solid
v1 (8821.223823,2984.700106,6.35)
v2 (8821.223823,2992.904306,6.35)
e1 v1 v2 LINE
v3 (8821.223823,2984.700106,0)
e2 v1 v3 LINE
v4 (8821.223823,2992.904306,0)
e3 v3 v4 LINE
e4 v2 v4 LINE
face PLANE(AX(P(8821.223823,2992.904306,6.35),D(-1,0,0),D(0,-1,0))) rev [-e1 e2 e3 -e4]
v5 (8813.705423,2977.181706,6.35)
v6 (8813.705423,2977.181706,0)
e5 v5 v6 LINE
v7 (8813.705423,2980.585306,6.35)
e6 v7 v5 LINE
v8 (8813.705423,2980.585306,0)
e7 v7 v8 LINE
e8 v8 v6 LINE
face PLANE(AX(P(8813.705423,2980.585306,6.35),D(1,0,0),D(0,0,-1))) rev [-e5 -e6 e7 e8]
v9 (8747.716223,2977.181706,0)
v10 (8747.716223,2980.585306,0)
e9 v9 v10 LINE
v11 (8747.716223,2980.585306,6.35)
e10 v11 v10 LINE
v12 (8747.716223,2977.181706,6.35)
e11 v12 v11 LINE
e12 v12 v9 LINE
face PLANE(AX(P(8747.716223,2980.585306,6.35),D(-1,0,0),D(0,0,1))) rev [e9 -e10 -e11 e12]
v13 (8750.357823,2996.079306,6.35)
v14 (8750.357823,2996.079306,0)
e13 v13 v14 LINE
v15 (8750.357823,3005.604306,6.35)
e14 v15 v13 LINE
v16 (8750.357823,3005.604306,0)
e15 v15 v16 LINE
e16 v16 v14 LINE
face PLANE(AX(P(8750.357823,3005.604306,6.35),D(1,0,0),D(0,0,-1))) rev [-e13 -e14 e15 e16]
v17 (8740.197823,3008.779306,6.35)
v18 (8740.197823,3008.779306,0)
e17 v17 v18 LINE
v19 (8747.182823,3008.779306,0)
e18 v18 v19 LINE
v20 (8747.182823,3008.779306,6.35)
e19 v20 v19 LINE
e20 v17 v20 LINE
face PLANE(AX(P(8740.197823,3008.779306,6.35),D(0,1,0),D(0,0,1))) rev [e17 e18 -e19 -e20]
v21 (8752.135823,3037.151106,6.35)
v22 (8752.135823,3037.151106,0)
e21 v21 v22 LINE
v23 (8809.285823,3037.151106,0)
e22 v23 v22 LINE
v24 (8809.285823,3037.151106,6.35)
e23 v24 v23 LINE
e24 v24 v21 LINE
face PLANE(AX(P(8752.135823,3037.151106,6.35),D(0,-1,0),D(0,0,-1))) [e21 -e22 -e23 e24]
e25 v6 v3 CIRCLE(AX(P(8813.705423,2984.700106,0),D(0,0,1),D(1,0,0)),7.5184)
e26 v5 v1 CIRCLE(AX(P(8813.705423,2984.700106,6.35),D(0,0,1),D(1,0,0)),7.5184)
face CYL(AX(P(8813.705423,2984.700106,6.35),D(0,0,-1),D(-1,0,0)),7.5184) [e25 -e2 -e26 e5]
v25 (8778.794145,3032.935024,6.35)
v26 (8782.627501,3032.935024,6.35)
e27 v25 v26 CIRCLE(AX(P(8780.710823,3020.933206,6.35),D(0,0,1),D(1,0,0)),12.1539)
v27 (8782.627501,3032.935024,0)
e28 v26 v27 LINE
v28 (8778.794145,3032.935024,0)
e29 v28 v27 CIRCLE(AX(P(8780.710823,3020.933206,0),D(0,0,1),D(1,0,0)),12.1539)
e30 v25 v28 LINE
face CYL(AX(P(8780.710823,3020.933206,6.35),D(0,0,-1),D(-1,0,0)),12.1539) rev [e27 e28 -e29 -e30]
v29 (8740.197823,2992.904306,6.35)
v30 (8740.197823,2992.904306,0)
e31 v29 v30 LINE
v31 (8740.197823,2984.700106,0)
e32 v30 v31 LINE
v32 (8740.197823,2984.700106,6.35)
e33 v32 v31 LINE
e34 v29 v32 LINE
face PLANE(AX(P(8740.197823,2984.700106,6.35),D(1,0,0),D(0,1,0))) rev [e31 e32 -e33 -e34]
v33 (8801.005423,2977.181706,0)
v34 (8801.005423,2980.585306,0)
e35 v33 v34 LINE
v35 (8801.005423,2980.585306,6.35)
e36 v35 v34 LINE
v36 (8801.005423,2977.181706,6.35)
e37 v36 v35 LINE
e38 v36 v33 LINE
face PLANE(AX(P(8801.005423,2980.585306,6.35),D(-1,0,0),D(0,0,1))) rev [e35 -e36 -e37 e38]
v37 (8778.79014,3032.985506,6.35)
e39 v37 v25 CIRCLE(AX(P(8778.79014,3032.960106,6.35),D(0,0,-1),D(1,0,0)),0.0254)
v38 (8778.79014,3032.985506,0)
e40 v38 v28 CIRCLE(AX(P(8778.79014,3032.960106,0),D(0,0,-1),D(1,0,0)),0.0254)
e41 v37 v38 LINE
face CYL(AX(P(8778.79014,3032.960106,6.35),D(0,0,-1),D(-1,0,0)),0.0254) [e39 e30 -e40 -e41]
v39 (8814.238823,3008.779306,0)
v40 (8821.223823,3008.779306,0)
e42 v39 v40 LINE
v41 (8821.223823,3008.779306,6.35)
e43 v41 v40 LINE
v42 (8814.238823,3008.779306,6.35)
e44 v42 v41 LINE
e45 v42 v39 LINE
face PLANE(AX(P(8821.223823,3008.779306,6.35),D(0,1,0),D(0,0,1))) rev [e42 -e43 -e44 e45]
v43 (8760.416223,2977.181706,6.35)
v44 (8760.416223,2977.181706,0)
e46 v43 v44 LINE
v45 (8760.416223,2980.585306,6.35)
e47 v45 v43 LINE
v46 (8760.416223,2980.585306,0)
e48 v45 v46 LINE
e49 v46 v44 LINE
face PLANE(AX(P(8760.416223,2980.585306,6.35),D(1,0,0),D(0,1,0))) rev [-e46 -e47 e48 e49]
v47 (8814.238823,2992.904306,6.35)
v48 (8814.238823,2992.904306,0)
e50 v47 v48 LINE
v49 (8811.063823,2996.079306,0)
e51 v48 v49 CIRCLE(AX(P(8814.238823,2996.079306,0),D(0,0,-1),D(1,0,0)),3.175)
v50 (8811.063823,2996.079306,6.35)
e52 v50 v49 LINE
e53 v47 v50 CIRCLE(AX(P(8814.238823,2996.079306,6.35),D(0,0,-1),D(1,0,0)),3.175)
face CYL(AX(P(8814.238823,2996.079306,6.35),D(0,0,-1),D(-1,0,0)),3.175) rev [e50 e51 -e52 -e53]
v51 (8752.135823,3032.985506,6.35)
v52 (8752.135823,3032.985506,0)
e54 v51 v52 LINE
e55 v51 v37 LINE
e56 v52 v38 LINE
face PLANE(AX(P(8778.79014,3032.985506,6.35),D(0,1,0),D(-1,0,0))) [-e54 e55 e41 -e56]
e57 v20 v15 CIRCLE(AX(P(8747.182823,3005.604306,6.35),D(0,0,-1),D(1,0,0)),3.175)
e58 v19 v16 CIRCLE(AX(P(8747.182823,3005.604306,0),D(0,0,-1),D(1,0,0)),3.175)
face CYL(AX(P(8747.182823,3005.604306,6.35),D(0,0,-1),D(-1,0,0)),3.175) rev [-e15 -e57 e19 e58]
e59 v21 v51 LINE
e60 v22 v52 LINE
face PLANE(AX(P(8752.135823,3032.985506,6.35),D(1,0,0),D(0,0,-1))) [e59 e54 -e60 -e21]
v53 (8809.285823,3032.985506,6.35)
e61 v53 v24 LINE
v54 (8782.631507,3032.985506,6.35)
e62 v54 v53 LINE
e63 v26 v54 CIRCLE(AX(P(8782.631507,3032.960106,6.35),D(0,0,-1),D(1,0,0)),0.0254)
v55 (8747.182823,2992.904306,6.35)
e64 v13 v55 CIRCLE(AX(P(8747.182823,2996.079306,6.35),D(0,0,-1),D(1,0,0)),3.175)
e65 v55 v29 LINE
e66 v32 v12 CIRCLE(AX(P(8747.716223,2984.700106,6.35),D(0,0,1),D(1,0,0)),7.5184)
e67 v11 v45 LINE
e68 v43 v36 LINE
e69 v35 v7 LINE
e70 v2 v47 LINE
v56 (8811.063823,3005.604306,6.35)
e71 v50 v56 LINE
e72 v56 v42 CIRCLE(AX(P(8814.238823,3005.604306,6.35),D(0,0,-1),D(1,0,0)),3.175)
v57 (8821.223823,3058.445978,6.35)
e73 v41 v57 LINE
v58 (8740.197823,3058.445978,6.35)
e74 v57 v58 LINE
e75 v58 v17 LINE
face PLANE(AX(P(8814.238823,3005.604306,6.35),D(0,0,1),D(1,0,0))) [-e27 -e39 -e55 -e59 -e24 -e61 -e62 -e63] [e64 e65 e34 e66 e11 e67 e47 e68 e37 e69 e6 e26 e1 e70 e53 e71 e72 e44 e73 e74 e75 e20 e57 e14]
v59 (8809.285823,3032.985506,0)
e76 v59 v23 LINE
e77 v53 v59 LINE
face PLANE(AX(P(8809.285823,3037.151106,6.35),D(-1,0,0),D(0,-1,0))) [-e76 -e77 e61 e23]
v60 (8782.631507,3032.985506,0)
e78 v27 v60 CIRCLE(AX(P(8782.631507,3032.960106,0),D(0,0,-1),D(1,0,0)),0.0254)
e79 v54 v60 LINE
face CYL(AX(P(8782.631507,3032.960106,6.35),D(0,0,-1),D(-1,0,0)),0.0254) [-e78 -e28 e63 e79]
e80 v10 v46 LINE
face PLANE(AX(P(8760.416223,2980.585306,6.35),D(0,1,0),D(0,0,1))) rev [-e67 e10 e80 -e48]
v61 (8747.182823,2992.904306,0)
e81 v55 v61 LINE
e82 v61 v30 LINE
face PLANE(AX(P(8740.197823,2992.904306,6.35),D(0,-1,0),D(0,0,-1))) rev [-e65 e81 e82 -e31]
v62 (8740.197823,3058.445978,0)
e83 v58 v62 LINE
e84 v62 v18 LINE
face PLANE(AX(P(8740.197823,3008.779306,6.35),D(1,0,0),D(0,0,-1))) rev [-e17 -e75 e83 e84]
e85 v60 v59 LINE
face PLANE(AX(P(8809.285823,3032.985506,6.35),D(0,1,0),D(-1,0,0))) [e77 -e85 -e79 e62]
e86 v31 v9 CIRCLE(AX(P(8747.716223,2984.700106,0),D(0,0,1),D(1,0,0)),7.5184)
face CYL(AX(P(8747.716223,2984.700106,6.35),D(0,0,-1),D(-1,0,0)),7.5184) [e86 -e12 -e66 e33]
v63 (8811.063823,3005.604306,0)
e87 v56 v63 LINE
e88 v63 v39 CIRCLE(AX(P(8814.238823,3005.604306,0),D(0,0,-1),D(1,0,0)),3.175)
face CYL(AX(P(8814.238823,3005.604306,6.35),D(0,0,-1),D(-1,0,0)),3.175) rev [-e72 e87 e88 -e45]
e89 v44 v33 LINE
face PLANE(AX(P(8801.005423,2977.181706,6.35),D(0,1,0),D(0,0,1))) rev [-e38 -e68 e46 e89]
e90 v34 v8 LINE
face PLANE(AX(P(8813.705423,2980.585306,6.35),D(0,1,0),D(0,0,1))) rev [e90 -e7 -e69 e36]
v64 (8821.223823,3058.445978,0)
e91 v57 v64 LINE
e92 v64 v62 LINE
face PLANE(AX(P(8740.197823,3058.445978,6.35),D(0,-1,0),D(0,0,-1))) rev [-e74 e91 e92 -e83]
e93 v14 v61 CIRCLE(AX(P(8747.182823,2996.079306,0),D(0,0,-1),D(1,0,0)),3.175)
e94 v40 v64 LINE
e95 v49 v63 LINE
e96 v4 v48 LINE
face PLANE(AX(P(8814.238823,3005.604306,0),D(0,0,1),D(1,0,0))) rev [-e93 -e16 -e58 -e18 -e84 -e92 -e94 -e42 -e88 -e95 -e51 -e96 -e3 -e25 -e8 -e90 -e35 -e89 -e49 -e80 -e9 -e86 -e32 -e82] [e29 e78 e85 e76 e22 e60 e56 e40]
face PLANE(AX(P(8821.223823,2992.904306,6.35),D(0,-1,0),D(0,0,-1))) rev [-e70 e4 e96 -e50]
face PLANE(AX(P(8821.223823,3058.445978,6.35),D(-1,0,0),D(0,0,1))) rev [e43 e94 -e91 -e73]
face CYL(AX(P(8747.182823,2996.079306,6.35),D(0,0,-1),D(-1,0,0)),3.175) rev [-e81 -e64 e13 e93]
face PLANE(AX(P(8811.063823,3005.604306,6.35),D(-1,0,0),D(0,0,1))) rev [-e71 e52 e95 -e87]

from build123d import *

# Parameters (mm, degrees)
BOSS_EXTRUDE1_DEPTH = 6.35


with BuildPart() as part:
    # Sketch2 → Boss-Extrude1 (new body)
    with BuildSketch(Plane.XY):
        with BuildLine():
            Line((8821.223823253, 3058.445977911), (8821.223823253, 3008.779305873))
            Line((8821.223823253, 3008.779305873), (8814.238823253, 3008.779305873))
            ThreePointArc((8814.238823253, 3008.779305873), (8811.993759223, 3007.849369904), (8811.063823253, 3005.604305873))
            Line((8811.063823253, 3005.604305873), (8811.063823253, 2996.079305873))
            ThreePointArc((8811.063823253, 2996.079305873), (8811.993759223, 2993.834241843), (8814.238823253, 2992.904305873))
            Line((8814.238823253, 2992.904305873), (8821.223823253, 2992.904305873))
            Line((8821.223823253, 2992.904305873), (8821.223823253, 2984.700105873))
            ThreePointArc((8821.223823253, 2984.700105873), (8819.021734877, 2979.38379425), (8813.705423253, 2977.181705873))
            Line((8813.705423253, 2977.181705873), (8813.705423253, 2980.585305873))
            Line((8813.705423253, 2980.585305873), (8801.005423253, 2980.585305873))
            Line((8801.005423253, 2980.585305873), (8801.005423253, 2977.181705873))
            Line((8801.005423253, 2977.181705873), (8760.416223253, 2977.181705873))
            Line((8760.416223253, 2977.181705873), (8760.416223253, 2980.585305873))
            Line((8760.416223253, 2980.585305873), (8747.716223253, 2980.585305873))
            Line((8747.716223253, 2980.585305873), (8747.716223253, 2977.181705873))
            ThreePointArc((8747.716223253, 2977.181705873), (8742.399911629, 2979.38379425), (8740.197823253, 2984.700105873))
            Line((8740.197823253, 2984.700105873), (8740.197823253, 2992.904305873))
            Line((8740.197823253, 2992.904305873), (8747.182823253, 2992.904305873))
            ThreePointArc((8747.182823253, 2992.904305873), (8749.427887283, 2993.834241843), (8750.357823253, 2996.079305873))
            Line((8750.357823253, 2996.079305873), (8750.357823253, 3005.604305873))
            ThreePointArc((8750.357823253, 3005.604305873), (8749.427887283, 3007.849369904), (8747.182823253, 3008.779305873))
            Line((8747.182823253, 3008.779305873), (8740.197823253, 3008.779305873))
            Line((8740.197823253, 3008.779305873), (8740.197823253, 3058.445977911))
            Line((8740.197823253, 3058.445977911), (8821.223823253, 3058.445977911))
        make_face()
        with BuildLine():
            Line((8809.285823253, 3037.151105873), (8809.285823253, 3032.985505873))
            Line((8809.285823253, 3032.985505873), (8782.631506696, 3032.985505873))
            ThreePointArc((8782.631506696, 3032.985505873), (8782.606186279, 3032.962114966), (8782.6275011, 3032.935023704))
            ThreePointArc((8782.6275011, 3032.935023704), (8780.710823253, 3008.779305873), (8778.794145406, 3032.935023704))
            ThreePointArc((8778.794145406, 3032.935023704), (8778.81546023, 3032.962114966), (8778.79013981, 3032.985505873))
            Line((8778.79013981, 3032.985505873), (8752.135823253, 3032.985505873))
            Line((8752.135823253, 3032.985505873), (8752.135823253, 3037.151105873))
            Line((8752.135823253, 3037.151105873), (8809.285823253, 3037.151105873))
        make_face(mode=Mode.SUBTRACT)
    extrude(amount=BOSS_EXTRUDE1_DEPTH)


solid = part.part
